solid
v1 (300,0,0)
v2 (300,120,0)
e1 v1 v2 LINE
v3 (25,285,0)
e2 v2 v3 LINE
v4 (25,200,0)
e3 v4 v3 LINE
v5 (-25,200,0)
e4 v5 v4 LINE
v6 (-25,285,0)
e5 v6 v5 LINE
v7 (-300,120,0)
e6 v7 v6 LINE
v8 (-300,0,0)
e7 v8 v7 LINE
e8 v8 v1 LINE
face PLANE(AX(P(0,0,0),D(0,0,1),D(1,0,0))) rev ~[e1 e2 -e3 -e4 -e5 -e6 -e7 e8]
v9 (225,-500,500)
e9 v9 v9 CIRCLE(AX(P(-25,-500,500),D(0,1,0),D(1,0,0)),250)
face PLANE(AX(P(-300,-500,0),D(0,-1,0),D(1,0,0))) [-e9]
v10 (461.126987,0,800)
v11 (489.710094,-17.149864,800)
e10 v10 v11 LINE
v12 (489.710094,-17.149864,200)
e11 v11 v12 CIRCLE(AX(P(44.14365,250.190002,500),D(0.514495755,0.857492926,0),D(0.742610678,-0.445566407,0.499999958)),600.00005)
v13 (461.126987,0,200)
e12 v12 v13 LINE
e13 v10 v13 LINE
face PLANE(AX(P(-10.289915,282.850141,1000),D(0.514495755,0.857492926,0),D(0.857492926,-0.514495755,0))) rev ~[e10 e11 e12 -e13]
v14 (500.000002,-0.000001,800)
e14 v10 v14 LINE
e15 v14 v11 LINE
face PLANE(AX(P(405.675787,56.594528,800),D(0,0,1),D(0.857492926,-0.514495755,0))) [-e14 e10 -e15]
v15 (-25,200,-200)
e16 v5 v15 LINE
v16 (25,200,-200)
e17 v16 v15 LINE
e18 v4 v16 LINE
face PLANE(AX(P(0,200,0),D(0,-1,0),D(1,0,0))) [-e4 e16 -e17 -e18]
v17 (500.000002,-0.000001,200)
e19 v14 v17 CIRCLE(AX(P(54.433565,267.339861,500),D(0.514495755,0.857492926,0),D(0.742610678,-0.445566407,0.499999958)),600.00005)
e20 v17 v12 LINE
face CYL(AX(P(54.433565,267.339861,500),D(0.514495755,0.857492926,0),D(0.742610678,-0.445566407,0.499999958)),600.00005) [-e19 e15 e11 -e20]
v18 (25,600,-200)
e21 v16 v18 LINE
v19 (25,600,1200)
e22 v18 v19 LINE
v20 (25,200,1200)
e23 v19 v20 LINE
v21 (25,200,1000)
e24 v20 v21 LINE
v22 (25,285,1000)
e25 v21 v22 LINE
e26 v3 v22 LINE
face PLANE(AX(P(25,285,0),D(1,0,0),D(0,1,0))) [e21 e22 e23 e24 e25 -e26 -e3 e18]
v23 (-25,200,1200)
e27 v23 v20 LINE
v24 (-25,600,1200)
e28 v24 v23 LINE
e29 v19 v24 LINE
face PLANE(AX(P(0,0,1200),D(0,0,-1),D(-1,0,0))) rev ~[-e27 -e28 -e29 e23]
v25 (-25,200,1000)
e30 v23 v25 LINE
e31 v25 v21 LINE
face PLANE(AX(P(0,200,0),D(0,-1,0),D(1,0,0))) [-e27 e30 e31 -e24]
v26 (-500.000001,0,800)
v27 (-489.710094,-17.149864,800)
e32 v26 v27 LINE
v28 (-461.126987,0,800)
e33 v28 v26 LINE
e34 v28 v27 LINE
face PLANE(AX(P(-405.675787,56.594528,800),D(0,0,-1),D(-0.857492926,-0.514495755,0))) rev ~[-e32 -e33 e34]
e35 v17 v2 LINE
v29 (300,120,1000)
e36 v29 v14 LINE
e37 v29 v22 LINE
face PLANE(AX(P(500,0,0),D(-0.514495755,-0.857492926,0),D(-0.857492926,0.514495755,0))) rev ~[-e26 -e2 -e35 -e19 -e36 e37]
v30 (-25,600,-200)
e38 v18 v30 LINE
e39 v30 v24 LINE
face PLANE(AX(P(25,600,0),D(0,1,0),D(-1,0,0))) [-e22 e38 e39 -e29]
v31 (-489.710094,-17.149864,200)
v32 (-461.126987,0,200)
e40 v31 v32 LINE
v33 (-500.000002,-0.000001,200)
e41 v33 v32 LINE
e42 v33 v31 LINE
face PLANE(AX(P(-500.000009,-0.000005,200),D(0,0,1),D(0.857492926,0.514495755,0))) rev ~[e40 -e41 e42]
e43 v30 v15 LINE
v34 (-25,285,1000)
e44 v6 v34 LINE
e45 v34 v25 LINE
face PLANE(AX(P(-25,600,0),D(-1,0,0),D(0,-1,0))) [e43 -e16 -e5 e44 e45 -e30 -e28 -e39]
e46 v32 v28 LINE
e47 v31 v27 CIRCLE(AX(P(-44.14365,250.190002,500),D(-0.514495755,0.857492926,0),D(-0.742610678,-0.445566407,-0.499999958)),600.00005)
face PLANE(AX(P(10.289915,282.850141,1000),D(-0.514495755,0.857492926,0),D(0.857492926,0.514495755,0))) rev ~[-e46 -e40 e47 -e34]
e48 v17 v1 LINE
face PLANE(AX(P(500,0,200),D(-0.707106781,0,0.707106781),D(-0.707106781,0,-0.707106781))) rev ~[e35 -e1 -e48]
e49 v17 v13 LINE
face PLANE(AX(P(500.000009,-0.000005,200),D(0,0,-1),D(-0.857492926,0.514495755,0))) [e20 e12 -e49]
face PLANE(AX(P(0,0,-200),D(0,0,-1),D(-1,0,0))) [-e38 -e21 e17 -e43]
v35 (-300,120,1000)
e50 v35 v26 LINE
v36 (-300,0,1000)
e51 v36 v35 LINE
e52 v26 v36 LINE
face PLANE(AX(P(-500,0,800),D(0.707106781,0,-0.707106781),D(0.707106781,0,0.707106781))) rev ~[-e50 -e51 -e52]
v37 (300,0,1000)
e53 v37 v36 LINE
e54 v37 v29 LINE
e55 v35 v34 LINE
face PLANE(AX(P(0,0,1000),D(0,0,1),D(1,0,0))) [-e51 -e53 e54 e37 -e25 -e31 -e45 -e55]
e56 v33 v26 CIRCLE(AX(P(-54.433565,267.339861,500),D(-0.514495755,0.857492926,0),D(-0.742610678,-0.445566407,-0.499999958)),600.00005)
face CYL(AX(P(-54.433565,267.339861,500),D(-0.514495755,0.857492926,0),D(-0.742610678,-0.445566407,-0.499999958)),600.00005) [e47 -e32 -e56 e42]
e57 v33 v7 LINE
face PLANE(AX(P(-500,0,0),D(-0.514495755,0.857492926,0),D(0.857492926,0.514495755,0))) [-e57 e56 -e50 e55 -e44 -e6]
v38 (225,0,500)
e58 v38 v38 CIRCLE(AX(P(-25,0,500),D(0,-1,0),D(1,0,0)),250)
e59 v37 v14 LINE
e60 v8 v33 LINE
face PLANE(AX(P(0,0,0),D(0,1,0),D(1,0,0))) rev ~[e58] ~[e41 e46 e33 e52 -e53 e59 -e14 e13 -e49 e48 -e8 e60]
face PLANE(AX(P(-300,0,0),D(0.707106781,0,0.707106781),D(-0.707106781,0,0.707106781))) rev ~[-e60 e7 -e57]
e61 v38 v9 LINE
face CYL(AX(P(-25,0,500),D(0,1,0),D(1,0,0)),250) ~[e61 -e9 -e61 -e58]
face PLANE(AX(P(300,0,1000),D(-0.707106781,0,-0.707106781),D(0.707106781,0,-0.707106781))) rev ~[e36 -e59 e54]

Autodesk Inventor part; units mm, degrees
ref_plane "YZ Plane" through (0, 0, 0) normal (1, 0, 0) x (0, 1, 0)
ref_plane "XZ Plane" through (0, 0, 0) normal (0, 1, 0) x (-1, 0, 0)
ref_plane "XY Plane" through (0, 0, 0) normal (0, 0, 1) x (1, 0, 0)
sketch "Boceto1" plane through (0, 0, 0) normal (0, 0, 1) x (1, 0, 0)
  line L0 (0, 0) -> (-500, 0)
  line L1 (0, 0) -> (500, 0)
  line L2 (0, 0) -> (0, 300)
  line L3 (-500, 0) -> (0, 300)
  line L4 (500, 0) -> (0, 300)
  dimension "d0" = 500
  dimension "d1" = 500
  dimension "d2" = 300
extrude "Extrusión1" add sketch "Boceto1" along normal blind 1000
sketch "Boceto2" plane through (-500, 0, 0) normal (0, -1, 0) x (1, 0, 0)
  line L0 (0, 1000) -> (1000, 1000) projected
  line L1 (0, 1000) -> (0, 800)
  line L2 (0, 0) -> (0, 1000) projected
  line L3 (0, 800) -> (200, 1000)
  line L4 (200, 1000) -> (0, 1000)
  line L5 (1000, 1000) -> (800, 1000)
  line L6 (800, 1000) -> (1000, 800)
  line L7 (1000, 0) -> (1000, 1000) projected
  line L8 (1000, 800) -> (1000, 1000)
  line L9 (0, 0) -> (1000, 0) projected
  line L10 (0, 0) -> (0, 200)
  line L11 (200, 0) -> (0, 0)
  line L12 (200, 0) -> (0, 200)
  line L13 (1000, 0) -> (800, 0)
  line L14 (800, 0) -> (1000, 0)
  line L15 (1000, 200) -> (800, 0)
  point P0 (500, 0)
  dimension "d5" = 200
  dimension "d6" = 45
  dimension "d7" = 200
  dimension "d8" = 45
extrude "Extrusión2" cut sketch "Boceto2" against normal blind 1000 contours L0 L3 L1 | L0 L7 L6 | L12 L9 L2 | L7 L9 L15
sketch "Boceto3" plane through (0, 300, 1000) normal (0.5145, 0.8575, 0) x (0.8575, -0.5145, 0)
  line L0 (583.0952, 800) -> (583.0952, 200) projected
  arc A0 (583.0952, 200) -> (583.0952, 800) centre (63.4799, 500) ccw
  line L1 (583.0952, 800) -> (473.0952, 800)
  line L2 (473.0952, 800) -> (473.0952, 200)
  line L3 (473.0952, 200) -> (583.0952, 200)
  line L4 (583.0952, 200) -> (583.0952, 800)
  point P0 (154.3487, 1000)
  dimension "d11" = 600
  dimension "d12" = 110
extrude "Extrusión3" add sketch "Boceto3" against normal blind 20
sketch "Boceto4" plane through (0, 300, 1000) normal (-0.5145, 0.8575, 0) x (0.8575, 0.5145, 0)
  line L0 (-583.0952, 800) -> (-583.0952, 200) projected
  arc A0 (-583.0952, 800) -> (-583.0952, 200) centre (-63.4799, 500) ccw
  line L1 (-583.0952, 800) -> (-473.0952, 800)
  line L2 (-473.0952, 800) -> (-473.0952, 200)
  line L3 (-473.0952, 200) -> (-583.0952, 200)
  line L4 (-583.0952, 200) -> (-583.0952, 800)
  point P0 (-154.3487, 1000)
  dimension "d15" = 600
  dimension "d16" = 110
extrude "Extrusión4" add sketch "Boceto4" against normal blind 20
sketch "Boceto5" plane through (0, 0, 0) normal (0, 0, -1) x (-1, 0, 0)
  line L0 (-300, 120) -> (0, 300) projected
  line L1 (0, 300) -> (0, 200)
  line L2 (0, 200) -> (25, 200)
  line L3 (0, 200) -> (-25, 200)
  line L4 (-25, 200) -> (-25, 600)
  line L5 (-25, 600) -> (25, 600)
  line L6 (25, 600) -> (25, 200)
  point P0 (0, 0)
  dimension "d19" = 100
  dimension "d20" = 25
  dimension "d21" = 25
  dimension "d22" = 400
extrude "Extrusión5" add sketch "Boceto5" along normal blind 200 and the other way blind 1200
sketch "Boceto6" plane through (-300, 0, 0) normal (0, -1, 0) x (1, 0, 0)
  line L0 (275, 1000) -> (275, 0) projected
  circle A0 centre (275, 500) radius 250
  point P0 (300, 0)
  dimension "d27" = 500
extrude "Extrusión6" add sketch "Boceto6" along normal blind 500
properties part number "Base_rotativa"
